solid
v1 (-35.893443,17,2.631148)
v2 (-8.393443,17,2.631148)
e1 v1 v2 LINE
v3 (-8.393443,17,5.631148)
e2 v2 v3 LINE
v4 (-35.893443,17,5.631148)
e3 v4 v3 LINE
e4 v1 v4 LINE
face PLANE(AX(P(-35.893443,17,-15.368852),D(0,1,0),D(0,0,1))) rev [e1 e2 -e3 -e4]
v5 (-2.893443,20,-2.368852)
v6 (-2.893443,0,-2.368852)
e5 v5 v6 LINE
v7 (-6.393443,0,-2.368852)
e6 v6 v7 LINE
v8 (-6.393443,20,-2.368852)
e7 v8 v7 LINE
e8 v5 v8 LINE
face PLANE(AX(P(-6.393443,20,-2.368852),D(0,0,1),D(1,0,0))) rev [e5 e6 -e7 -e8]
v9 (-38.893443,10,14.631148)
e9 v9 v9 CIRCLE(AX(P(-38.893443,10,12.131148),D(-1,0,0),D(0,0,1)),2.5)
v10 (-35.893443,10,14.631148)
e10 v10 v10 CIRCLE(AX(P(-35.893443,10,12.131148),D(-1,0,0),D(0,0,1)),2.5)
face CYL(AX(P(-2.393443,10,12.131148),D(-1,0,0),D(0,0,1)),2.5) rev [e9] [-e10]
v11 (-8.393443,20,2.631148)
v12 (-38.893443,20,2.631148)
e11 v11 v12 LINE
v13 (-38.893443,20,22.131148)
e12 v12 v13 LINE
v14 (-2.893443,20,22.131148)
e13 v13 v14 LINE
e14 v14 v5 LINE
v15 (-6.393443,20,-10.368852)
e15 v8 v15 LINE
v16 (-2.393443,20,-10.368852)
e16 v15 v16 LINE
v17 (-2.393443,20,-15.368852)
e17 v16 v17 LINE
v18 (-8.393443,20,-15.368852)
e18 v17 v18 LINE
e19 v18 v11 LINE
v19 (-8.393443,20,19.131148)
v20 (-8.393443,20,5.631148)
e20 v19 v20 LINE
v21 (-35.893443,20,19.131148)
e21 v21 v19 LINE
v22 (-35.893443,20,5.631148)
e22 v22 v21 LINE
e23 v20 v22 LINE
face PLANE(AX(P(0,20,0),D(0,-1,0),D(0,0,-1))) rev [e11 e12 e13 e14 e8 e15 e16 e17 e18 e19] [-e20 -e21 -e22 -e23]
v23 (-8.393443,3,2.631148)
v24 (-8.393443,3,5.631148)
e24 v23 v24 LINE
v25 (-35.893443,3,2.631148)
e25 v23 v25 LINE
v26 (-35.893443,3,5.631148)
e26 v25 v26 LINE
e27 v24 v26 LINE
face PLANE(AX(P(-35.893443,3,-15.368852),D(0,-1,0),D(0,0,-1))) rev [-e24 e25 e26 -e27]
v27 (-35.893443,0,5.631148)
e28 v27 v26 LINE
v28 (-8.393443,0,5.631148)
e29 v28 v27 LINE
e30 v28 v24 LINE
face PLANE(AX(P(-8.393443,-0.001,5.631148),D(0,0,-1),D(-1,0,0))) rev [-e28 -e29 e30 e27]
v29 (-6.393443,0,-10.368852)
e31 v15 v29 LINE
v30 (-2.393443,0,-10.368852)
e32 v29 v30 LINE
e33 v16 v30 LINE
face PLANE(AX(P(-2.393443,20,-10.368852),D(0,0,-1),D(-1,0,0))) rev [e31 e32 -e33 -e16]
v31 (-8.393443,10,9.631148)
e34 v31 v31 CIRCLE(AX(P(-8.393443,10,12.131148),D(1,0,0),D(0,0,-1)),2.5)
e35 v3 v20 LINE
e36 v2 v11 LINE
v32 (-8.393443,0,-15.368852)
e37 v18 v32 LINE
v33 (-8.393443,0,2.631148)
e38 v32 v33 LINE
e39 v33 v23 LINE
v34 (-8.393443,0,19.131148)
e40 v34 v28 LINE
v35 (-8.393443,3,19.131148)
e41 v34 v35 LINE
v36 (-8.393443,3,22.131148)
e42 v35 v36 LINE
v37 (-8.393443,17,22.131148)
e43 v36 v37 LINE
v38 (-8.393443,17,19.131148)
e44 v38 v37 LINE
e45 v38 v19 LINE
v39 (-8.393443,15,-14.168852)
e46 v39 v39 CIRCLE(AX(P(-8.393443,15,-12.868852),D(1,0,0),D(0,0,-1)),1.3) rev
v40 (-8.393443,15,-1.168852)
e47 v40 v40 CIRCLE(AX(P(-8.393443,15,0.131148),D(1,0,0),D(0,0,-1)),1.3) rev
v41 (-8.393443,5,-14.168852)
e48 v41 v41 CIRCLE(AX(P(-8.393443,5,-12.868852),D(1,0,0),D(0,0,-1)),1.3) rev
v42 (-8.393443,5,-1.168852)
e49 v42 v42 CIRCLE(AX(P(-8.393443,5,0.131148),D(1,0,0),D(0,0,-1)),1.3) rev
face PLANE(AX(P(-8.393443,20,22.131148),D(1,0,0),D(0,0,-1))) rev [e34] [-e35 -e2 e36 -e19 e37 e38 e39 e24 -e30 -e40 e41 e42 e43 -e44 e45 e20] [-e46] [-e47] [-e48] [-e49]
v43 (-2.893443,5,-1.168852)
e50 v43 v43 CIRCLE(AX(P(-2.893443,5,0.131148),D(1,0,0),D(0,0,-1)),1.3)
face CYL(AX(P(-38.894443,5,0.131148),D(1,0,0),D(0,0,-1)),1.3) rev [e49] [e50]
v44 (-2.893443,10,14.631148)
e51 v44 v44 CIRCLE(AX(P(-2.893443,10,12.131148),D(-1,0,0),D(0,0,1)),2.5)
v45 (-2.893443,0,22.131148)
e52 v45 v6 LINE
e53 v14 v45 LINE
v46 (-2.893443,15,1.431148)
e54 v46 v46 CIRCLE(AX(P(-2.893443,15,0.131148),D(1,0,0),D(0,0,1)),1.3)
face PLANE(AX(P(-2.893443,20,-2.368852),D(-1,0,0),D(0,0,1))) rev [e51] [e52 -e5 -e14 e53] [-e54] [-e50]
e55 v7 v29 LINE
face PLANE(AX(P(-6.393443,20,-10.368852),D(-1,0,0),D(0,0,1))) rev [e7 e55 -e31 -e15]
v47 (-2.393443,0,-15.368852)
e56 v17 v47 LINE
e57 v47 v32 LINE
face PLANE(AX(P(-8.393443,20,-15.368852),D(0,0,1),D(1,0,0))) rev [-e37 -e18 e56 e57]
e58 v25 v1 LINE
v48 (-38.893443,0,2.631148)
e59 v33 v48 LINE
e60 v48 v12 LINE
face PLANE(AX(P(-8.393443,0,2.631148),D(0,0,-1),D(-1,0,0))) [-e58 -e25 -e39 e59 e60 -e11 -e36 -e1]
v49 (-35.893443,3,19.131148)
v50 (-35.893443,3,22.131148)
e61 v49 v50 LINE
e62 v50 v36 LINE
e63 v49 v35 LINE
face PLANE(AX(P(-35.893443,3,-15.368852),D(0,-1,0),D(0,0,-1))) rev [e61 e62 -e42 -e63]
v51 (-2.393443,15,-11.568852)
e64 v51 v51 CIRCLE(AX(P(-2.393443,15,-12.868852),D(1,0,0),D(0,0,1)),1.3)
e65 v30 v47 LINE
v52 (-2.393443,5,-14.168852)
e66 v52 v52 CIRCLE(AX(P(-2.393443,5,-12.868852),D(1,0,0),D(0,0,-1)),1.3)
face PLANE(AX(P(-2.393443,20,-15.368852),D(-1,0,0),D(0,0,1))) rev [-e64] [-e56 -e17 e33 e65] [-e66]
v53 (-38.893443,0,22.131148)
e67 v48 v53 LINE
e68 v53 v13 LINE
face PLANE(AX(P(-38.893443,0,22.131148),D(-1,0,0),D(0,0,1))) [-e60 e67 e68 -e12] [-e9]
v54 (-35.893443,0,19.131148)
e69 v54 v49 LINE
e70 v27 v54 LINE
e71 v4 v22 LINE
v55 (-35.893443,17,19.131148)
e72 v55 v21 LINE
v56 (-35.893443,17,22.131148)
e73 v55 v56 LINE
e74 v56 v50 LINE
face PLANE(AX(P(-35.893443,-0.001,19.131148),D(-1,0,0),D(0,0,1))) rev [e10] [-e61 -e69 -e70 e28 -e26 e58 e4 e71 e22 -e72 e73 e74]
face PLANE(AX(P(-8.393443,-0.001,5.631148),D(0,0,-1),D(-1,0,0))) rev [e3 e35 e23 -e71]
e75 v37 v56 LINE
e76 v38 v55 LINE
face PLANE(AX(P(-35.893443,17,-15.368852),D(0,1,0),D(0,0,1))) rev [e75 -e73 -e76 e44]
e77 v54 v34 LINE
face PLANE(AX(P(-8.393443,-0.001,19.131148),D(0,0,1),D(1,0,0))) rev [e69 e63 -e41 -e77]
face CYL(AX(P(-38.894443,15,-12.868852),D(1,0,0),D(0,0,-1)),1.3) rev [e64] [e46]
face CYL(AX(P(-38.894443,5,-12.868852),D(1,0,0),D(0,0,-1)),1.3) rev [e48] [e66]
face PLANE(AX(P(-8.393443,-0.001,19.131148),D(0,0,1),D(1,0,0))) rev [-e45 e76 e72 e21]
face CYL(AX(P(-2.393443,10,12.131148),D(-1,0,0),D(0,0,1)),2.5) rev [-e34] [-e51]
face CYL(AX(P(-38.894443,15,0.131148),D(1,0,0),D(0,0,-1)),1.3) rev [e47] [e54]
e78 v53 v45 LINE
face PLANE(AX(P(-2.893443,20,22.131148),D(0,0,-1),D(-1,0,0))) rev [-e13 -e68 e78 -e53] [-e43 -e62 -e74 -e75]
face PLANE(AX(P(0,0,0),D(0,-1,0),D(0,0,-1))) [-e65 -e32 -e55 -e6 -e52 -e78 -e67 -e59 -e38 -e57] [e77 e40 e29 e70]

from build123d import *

# Parameters (mm, degrees)
BOSS_EXTRUDE1_DEPTH = 20
SKETCH4_W           = 30.5
SKETCH4_H           = 19.5
BOSS_EXTRUDE2_DEPTH = 20
CUT_EXTRUDE1_REACH  = 51.015
SKETCH6_W           = 27.5
SKETCH6_H           = 13.5
SKETCH7_W           = 27.5
SKETCH7_H           = 14
CUT_EXTRUDE2_DEPTH  = 58.610327885
SKETCH9_R           = 2.5
CUT_EXTRUDE3_DEPTH  = 48.138494794
CUT_EXTRUDE4_REACH  = 49.138
SKETCH10_R          = 1.3
CUT_EXTRUDE5_REACH  = 48.752
SKETCH11_R          = 1.3


with BuildPart() as part:
    # Sketch1 → Boss-Extrude1 (new body)
    with BuildSketch(Plane(origin=(0, 0, 0), x_dir=(-1, 0, 0), z_dir=(0, 1, 0))):
        Polygon((2.893442623, -2.368852459), (2.893442623, 22.131147541), (8.393442623, 22.131147541), (8.393442623, -15.368852459), (2.393442623, -15.368852459), (2.393442623, -10.368852459), (6.393442623, -10.368852459), (6.393442623, -2.368852459), align=None)
    extrude(amount=BOSS_EXTRUDE1_DEPTH)

    # Sketch4 → Boss-Extrude2 (add)
    with BuildSketch(Plane(origin=(0, 20, 0), x_dir=(-1, 0, 0), z_dir=(0, 1, 0))):
        with Locations((23.643442623, 12.381147541)):
            Rectangle(SKETCH4_W, SKETCH4_H)
    extrude(amount=-BOSS_EXTRUDE2_DEPTH)

    # Sketch6 → Cut-Extrude1 (cut, up to next)
    with BuildSketch(Plane(origin=(0, 20, 0), x_dir=(-1, 0, 0), z_dir=(0, 1, 0)), mode=Mode.PRIVATE) as cut_extrude1_sk1:
        with Locations((22.143442623, 12.381147541)):
            Rectangle(SKETCH6_W, SKETCH6_H)
    cut_extrude1_tool1 = extrude(cut_extrude1_sk1.sketch, amount=-CUT_EXTRUDE1_REACH, mode=Mode.PRIVATE) & part.part
    add(cut_extrude1_tool1.solids().sort_by_distance((-22.143443, 20, 12.381148))[0], mode=Mode.SUBTRACT)

    # Sketch7 → Cut-Extrude2 (cut, through all)
    with BuildSketch(Plane.XY.offset(22.131147541)):
        with Locations((-22.143442623, 10)):
            Rectangle(SKETCH7_W, SKETCH7_H)
    extrude(amount=-CUT_EXTRUDE2_DEPTH, mode=Mode.SUBTRACT)

    # Sketch9 → Cut-Extrude3 (cut, through all)
    with BuildSketch(Plane(origin=(-38.893442623, 0, 0), x_dir=(0, -1, 0), z_dir=(-1, 0, 0))):
        with Locations(Location((-10, 12.131147541, 0), (0, 0, 90))):
            Circle(SKETCH9_R)
    extrude(amount=-CUT_EXTRUDE3_DEPTH, mode=Mode.SUBTRACT)

    # Sketch10 → Cut-Extrude4 (cut, up to next)
    with BuildSketch(Plane.YZ.offset(-2.393442623), mode=Mode.PRIVATE) as cut_extrude4_sk1:
        with Locations(Location((5, -12.868852459, 0), (0, 0, 270))):
            Circle(SKETCH10_R)
    cut_extrude4_tool1 = extrude(cut_extrude4_sk1.sketch, amount=-CUT_EXTRUDE4_REACH, mode=Mode.PRIVATE) & part.part
    # Sketch10 → Cut-Extrude4 (cut, up to next)
    with BuildSketch(Plane.YZ.offset(-2.393442623), mode=Mode.PRIVATE) as cut_extrude4_sk2:
        with Locations(Location((15, -12.868852459, 0), (0, 0, 270))):
            Circle(SKETCH10_R)
    cut_extrude4_tool2 = extrude(cut_extrude4_sk2.sketch, amount=-CUT_EXTRUDE4_REACH, mode=Mode.PRIVATE) & part.part
    add(cut_extrude4_tool1.solids().sort_by_distance((-2.393443, 5, -12.868852))[0], mode=Mode.SUBTRACT)
    add(cut_extrude4_tool2.solids().sort_by_distance((-2.393443, 15, -12.868852))[0], mode=Mode.SUBTRACT)

    # Sketch11 → Cut-Extrude5 (cut, up to next)
    with BuildSketch(Plane.YZ.offset(-2.893442623), mode=Mode.PRIVATE) as cut_extrude5_sk1:
        with Locations(Location((5, 0.131147541, 0), (0, 0, 270))):
            Circle(SKETCH11_R)
    cut_extrude5_tool1 = extrude(cut_extrude5_sk1.sketch, amount=-CUT_EXTRUDE5_REACH, mode=Mode.PRIVATE) & part.part
    # Sketch11 → Cut-Extrude5 (cut, up to next)
    with BuildSketch(Plane.YZ.offset(-2.893442623), mode=Mode.PRIVATE) as cut_extrude5_sk2:
        with Locations(Location((15, 0.131147541, 0), (0, 0, 270))):
            Circle(SKETCH11_R)
    cut_extrude5_tool2 = extrude(cut_extrude5_sk2.sketch, amount=-CUT_EXTRUDE5_REACH, mode=Mode.PRIVATE) & part.part
    add(cut_extrude5_tool1.solids().sort_by_distance((-2.893443, 5, 0.131148))[0], mode=Mode.SUBTRACT)
    add(cut_extrude5_tool2.solids().sort_by_distance((-2.893443, 15, 0.131148))[0], mode=Mode.SUBTRACT)


solid = part.part
